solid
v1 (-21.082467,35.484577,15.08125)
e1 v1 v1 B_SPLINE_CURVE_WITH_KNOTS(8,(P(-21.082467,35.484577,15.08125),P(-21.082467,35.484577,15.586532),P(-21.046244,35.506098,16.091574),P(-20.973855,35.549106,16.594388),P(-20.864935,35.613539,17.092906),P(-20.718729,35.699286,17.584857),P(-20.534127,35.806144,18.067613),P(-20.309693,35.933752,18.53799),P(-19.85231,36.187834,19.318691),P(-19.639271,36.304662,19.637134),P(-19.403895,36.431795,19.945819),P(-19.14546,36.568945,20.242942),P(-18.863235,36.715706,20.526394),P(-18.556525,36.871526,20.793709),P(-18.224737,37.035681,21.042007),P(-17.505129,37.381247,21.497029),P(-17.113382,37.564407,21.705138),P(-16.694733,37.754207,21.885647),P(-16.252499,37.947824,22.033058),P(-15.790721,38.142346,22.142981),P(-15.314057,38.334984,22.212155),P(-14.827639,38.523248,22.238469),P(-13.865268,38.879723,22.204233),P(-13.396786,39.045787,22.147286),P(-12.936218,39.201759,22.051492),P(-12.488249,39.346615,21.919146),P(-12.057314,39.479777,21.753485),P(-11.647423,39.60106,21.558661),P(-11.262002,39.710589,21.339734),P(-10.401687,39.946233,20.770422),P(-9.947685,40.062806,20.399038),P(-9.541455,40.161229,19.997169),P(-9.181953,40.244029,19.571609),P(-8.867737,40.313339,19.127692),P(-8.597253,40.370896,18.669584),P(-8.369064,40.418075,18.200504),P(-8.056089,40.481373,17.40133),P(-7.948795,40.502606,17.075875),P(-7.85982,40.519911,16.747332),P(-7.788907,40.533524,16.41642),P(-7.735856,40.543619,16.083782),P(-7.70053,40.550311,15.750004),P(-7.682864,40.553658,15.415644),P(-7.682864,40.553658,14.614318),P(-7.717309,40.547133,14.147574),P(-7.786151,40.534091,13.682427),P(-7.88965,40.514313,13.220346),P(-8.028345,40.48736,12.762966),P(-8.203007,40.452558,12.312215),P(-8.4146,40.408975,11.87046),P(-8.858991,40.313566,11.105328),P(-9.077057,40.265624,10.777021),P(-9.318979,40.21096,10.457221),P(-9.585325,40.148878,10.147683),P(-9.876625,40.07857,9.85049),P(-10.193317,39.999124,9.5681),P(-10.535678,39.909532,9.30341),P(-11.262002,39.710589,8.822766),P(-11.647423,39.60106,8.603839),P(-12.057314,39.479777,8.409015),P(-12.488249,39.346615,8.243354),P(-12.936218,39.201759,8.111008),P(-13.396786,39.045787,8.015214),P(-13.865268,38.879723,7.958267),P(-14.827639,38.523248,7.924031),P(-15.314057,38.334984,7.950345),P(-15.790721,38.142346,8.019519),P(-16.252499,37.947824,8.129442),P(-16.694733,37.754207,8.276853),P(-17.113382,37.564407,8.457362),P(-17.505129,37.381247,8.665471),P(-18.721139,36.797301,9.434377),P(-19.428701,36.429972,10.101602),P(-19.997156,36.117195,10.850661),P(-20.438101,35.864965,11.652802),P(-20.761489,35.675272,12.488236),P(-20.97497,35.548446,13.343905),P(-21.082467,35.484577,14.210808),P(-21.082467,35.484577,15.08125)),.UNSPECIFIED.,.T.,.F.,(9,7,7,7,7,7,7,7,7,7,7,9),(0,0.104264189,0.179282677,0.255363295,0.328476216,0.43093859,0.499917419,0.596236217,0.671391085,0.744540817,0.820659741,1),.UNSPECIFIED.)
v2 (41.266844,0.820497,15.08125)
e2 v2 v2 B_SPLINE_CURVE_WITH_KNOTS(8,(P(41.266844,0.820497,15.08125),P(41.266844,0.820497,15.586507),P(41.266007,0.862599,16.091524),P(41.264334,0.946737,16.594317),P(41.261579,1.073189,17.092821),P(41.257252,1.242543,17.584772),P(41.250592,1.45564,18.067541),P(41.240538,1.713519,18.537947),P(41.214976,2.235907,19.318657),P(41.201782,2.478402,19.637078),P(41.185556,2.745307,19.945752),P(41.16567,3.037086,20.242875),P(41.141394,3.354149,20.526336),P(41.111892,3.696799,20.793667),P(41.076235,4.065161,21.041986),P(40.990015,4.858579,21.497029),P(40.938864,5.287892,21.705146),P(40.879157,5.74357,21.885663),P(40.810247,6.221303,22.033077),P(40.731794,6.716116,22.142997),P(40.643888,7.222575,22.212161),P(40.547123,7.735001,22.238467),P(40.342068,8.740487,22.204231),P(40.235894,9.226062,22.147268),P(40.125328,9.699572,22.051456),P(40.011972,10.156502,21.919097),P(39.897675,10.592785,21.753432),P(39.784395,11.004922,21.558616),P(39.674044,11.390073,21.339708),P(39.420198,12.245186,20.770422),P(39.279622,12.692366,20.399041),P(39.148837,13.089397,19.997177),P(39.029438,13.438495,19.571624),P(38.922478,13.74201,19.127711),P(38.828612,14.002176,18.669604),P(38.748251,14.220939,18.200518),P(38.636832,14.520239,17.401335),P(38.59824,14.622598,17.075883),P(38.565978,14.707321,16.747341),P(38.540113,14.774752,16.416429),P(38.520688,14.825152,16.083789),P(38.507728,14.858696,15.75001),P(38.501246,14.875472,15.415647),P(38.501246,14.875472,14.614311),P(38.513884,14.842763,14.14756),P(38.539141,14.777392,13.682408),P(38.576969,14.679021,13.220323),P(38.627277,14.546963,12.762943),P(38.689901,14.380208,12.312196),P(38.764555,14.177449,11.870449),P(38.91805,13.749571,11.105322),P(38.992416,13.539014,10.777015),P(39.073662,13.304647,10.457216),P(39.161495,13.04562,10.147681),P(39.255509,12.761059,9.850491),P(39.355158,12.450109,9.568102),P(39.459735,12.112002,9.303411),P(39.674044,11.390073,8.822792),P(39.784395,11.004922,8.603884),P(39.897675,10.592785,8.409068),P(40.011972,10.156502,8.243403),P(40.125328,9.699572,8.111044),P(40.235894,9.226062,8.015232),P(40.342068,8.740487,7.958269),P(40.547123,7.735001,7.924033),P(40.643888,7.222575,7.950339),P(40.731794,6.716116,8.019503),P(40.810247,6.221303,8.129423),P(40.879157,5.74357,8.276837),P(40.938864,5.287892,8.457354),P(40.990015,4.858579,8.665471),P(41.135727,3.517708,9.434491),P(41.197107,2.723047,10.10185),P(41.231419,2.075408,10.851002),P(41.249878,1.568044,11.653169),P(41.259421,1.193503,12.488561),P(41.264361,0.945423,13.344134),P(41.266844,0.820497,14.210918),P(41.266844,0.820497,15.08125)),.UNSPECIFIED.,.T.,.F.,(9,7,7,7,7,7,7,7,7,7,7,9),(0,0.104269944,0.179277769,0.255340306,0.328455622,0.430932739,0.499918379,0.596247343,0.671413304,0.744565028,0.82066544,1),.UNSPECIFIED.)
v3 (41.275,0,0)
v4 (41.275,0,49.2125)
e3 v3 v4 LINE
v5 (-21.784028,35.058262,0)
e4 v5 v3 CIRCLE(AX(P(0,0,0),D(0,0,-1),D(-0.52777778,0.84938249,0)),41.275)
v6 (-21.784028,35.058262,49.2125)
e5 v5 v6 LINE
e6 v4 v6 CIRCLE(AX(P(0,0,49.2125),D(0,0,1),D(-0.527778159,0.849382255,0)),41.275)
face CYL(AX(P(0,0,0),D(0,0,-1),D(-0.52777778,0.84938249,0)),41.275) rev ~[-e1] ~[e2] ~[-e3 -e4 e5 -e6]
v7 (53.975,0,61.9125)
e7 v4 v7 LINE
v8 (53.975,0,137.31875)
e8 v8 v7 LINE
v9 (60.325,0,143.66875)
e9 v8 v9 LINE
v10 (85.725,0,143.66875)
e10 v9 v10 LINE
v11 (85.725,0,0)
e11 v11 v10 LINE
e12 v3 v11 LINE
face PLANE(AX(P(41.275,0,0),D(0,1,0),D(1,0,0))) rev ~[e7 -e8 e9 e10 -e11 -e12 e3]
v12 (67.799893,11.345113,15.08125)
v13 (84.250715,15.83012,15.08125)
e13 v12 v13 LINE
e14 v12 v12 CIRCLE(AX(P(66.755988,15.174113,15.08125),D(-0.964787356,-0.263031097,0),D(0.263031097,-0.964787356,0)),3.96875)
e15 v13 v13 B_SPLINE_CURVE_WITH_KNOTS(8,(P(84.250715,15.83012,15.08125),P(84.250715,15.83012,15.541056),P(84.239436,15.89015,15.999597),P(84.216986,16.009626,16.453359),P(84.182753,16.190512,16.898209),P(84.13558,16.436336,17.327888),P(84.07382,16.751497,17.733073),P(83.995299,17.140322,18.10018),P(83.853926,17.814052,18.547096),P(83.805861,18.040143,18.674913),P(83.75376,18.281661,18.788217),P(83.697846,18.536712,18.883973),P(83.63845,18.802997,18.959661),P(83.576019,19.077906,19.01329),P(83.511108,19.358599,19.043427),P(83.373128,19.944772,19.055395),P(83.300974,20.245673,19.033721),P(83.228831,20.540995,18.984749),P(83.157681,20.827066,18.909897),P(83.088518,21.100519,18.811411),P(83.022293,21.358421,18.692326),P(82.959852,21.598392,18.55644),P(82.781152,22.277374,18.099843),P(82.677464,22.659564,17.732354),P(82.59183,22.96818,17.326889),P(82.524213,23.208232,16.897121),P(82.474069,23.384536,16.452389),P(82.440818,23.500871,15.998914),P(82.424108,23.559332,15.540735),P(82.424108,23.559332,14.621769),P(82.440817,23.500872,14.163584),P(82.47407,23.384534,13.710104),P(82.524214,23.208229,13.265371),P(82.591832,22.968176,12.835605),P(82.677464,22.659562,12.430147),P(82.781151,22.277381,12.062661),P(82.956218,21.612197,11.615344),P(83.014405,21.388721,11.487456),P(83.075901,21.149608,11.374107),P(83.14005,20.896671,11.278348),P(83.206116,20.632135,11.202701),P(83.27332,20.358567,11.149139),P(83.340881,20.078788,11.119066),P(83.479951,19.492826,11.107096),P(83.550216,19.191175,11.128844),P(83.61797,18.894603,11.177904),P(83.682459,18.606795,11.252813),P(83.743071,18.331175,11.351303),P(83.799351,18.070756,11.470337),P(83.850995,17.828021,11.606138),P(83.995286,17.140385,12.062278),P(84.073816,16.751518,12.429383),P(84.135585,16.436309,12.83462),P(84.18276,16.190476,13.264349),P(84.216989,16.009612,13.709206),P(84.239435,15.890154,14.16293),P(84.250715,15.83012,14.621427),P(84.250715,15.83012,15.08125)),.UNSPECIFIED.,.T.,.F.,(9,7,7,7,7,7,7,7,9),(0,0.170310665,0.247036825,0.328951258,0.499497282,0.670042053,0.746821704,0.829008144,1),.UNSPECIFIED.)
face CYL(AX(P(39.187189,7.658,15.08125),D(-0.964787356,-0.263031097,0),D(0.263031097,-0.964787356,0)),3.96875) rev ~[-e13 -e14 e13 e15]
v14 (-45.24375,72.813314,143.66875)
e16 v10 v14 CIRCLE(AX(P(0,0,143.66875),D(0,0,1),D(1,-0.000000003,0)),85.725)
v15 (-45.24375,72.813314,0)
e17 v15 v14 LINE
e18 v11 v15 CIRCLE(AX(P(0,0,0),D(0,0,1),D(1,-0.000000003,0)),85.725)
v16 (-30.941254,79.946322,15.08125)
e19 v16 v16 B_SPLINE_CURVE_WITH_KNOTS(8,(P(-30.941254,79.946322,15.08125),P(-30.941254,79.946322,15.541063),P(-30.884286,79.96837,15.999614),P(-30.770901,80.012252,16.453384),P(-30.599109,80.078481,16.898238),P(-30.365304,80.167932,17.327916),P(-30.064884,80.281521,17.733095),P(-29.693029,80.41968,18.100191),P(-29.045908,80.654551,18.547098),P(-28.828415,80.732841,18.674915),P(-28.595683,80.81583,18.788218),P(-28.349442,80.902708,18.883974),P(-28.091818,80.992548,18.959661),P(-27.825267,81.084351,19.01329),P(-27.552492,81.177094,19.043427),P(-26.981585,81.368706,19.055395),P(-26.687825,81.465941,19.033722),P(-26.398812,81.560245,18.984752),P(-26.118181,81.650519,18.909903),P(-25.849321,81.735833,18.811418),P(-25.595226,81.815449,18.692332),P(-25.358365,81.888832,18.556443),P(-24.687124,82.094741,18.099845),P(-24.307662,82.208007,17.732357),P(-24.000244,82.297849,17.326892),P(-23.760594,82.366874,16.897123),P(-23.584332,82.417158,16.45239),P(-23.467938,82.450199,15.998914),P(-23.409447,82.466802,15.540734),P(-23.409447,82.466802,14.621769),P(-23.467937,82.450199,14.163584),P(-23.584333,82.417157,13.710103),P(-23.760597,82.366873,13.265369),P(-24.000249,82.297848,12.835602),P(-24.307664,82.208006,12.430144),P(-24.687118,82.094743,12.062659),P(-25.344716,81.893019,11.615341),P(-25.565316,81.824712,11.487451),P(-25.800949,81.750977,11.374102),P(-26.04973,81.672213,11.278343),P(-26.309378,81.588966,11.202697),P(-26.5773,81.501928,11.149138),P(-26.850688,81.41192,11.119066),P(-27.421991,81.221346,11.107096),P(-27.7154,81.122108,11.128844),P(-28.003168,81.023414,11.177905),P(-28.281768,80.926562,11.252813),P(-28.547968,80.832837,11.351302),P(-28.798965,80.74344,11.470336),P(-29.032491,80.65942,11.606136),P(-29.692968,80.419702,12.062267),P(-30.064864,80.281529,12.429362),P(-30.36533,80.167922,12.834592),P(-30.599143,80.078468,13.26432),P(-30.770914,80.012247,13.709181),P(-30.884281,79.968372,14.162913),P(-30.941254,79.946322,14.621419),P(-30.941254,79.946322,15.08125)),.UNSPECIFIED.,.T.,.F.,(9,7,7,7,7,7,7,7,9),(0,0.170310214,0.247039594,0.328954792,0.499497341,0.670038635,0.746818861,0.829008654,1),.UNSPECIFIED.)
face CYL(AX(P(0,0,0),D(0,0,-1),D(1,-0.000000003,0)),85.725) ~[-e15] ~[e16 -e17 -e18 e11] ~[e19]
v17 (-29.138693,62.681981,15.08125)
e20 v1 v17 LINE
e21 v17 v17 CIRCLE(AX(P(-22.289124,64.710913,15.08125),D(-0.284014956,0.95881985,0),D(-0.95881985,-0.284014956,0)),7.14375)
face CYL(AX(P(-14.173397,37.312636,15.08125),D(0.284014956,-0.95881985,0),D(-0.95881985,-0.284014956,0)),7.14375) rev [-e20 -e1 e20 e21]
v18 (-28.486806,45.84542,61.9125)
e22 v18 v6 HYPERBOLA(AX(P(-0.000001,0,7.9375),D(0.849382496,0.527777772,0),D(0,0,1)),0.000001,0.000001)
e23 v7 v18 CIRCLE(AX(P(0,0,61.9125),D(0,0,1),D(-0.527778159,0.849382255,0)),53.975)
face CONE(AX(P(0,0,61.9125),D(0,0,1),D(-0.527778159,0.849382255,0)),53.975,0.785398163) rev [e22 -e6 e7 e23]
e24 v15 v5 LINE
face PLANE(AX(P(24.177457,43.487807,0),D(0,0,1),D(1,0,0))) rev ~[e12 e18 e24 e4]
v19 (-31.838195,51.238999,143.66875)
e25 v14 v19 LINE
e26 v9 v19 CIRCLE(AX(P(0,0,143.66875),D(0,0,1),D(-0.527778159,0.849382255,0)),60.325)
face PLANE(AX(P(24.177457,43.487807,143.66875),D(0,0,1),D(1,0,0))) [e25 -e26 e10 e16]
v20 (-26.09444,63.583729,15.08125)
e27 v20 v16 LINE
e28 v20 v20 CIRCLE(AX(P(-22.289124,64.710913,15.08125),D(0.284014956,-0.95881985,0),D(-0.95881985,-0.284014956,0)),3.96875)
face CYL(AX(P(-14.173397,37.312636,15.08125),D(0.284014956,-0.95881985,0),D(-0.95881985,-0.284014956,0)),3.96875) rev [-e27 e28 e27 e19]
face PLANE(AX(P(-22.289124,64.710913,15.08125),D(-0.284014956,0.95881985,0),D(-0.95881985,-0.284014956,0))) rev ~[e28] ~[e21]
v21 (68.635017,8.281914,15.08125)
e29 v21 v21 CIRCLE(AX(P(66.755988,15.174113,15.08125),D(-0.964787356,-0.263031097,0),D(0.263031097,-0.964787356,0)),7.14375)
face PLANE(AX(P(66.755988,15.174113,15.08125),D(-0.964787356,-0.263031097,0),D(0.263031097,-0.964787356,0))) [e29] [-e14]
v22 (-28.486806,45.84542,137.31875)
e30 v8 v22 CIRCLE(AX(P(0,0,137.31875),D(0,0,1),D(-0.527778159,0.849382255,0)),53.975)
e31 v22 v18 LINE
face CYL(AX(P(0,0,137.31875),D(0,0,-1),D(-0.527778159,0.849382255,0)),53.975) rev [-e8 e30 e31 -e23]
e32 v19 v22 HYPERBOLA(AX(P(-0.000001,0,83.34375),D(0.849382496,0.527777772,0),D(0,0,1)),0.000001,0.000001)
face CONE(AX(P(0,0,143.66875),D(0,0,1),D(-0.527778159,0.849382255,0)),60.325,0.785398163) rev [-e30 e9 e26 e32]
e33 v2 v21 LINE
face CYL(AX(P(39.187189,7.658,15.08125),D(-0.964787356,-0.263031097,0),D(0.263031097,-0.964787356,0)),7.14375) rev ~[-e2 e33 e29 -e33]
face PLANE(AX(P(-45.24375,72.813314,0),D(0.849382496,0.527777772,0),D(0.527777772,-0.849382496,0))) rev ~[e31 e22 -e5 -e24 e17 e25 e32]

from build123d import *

# Parameters (mm, degrees)
F1_DEPTH  = 143.66875
F7_R      = 3.96875
F8_DEPTH  = 76.2
F6_R      = 7.14375
F9_DEPTH  = 28.575
F11_R     = 7.14375
F13_DEPTH = 28.575
F12_R     = 3.96875
F14_DEPTH = 76.2


with BuildPart() as f1:
    # F0 (on Top) → F1 (new body)
    with BuildSketch(Plane.XY):
        with BuildLine():
            ThreePointArc((-21.784028, 35.058262), (20.056045, 36.074654), (41.275, 0))
            Line((41.275, 0), (85.725, 0))
            ThreePointArc((85.725, 0), (41.654863, 74.924282), (-45.24375, 72.813314))
            Line((-45.24375, 72.813314), (-21.784028, 35.058262))
        make_face()
    extrude(amount=F1_DEPTH)

    # F2 (on face) → F4 (revolve, cut)
    with BuildSketch(Plane(origin=(0, 0, 0), x_dir=(0.527778, -0.849382, 0), z_dir=(-0.849382, -0.527778, 0))):
        Polygon((-53.975, 61.9125), (-41.275, 49.2125), (-41.275, 143.66875), (-60.325, 143.66875), (-53.975, 137.31875), align=None)
    revolve(axis=Axis((0, 0, 45.690566), (0, 0, 1)), mode=Mode.SUBTRACT)

    # F7 (on face) → F8 (cut)
    with BuildSketch(Plane(origin=(-11.304252, 38.162514, 0), x_dir=(-0.95882, -0.284015, 0), z_dir=(-0.284015, 0.95882, 0))):
        with Locations((2.992371, 15.08125)):
            Circle(F7_R)
    extrude(amount=F8_DEPTH, mode=Mode.SUBTRACT)

    # F6 (on face) → F9 (cut)
    with BuildSketch(Plane(origin=(-11.304252, 38.162514, 0), x_dir=(-0.95882, -0.284015, 0), z_dir=(-0.284015, 0.95882, 0))):
        with Locations((2.992371, 15.08125)):
            Circle(F6_R)
    extrude(amount=F9_DEPTH, mode=Mode.SUBTRACT)

    # F11 (on face) → F13 (cut)
    with BuildSketch(Plane(origin=(38.419372, 10.474323, 0), x_dir=(0.263031, -0.964787, 0), z_dir=(-0.964787, -0.263031, 0))):
        with Locations((2.919113, 15.08125)):
            Circle(F11_R)
    extrude(amount=-F13_DEPTH, mode=Mode.SUBTRACT)

    # F12 (on face) → F14 (cut)
    with BuildSketch(Plane(origin=(38.419372, 10.474323, 0), x_dir=(0.263031, -0.964787, 0), z_dir=(-0.964787, -0.263031, 0))):
        with Locations((2.919113, 15.08125)):
            Circle(F12_R)
    extrude(amount=-F14_DEPTH, mode=Mode.SUBTRACT)


solid = f1.part
